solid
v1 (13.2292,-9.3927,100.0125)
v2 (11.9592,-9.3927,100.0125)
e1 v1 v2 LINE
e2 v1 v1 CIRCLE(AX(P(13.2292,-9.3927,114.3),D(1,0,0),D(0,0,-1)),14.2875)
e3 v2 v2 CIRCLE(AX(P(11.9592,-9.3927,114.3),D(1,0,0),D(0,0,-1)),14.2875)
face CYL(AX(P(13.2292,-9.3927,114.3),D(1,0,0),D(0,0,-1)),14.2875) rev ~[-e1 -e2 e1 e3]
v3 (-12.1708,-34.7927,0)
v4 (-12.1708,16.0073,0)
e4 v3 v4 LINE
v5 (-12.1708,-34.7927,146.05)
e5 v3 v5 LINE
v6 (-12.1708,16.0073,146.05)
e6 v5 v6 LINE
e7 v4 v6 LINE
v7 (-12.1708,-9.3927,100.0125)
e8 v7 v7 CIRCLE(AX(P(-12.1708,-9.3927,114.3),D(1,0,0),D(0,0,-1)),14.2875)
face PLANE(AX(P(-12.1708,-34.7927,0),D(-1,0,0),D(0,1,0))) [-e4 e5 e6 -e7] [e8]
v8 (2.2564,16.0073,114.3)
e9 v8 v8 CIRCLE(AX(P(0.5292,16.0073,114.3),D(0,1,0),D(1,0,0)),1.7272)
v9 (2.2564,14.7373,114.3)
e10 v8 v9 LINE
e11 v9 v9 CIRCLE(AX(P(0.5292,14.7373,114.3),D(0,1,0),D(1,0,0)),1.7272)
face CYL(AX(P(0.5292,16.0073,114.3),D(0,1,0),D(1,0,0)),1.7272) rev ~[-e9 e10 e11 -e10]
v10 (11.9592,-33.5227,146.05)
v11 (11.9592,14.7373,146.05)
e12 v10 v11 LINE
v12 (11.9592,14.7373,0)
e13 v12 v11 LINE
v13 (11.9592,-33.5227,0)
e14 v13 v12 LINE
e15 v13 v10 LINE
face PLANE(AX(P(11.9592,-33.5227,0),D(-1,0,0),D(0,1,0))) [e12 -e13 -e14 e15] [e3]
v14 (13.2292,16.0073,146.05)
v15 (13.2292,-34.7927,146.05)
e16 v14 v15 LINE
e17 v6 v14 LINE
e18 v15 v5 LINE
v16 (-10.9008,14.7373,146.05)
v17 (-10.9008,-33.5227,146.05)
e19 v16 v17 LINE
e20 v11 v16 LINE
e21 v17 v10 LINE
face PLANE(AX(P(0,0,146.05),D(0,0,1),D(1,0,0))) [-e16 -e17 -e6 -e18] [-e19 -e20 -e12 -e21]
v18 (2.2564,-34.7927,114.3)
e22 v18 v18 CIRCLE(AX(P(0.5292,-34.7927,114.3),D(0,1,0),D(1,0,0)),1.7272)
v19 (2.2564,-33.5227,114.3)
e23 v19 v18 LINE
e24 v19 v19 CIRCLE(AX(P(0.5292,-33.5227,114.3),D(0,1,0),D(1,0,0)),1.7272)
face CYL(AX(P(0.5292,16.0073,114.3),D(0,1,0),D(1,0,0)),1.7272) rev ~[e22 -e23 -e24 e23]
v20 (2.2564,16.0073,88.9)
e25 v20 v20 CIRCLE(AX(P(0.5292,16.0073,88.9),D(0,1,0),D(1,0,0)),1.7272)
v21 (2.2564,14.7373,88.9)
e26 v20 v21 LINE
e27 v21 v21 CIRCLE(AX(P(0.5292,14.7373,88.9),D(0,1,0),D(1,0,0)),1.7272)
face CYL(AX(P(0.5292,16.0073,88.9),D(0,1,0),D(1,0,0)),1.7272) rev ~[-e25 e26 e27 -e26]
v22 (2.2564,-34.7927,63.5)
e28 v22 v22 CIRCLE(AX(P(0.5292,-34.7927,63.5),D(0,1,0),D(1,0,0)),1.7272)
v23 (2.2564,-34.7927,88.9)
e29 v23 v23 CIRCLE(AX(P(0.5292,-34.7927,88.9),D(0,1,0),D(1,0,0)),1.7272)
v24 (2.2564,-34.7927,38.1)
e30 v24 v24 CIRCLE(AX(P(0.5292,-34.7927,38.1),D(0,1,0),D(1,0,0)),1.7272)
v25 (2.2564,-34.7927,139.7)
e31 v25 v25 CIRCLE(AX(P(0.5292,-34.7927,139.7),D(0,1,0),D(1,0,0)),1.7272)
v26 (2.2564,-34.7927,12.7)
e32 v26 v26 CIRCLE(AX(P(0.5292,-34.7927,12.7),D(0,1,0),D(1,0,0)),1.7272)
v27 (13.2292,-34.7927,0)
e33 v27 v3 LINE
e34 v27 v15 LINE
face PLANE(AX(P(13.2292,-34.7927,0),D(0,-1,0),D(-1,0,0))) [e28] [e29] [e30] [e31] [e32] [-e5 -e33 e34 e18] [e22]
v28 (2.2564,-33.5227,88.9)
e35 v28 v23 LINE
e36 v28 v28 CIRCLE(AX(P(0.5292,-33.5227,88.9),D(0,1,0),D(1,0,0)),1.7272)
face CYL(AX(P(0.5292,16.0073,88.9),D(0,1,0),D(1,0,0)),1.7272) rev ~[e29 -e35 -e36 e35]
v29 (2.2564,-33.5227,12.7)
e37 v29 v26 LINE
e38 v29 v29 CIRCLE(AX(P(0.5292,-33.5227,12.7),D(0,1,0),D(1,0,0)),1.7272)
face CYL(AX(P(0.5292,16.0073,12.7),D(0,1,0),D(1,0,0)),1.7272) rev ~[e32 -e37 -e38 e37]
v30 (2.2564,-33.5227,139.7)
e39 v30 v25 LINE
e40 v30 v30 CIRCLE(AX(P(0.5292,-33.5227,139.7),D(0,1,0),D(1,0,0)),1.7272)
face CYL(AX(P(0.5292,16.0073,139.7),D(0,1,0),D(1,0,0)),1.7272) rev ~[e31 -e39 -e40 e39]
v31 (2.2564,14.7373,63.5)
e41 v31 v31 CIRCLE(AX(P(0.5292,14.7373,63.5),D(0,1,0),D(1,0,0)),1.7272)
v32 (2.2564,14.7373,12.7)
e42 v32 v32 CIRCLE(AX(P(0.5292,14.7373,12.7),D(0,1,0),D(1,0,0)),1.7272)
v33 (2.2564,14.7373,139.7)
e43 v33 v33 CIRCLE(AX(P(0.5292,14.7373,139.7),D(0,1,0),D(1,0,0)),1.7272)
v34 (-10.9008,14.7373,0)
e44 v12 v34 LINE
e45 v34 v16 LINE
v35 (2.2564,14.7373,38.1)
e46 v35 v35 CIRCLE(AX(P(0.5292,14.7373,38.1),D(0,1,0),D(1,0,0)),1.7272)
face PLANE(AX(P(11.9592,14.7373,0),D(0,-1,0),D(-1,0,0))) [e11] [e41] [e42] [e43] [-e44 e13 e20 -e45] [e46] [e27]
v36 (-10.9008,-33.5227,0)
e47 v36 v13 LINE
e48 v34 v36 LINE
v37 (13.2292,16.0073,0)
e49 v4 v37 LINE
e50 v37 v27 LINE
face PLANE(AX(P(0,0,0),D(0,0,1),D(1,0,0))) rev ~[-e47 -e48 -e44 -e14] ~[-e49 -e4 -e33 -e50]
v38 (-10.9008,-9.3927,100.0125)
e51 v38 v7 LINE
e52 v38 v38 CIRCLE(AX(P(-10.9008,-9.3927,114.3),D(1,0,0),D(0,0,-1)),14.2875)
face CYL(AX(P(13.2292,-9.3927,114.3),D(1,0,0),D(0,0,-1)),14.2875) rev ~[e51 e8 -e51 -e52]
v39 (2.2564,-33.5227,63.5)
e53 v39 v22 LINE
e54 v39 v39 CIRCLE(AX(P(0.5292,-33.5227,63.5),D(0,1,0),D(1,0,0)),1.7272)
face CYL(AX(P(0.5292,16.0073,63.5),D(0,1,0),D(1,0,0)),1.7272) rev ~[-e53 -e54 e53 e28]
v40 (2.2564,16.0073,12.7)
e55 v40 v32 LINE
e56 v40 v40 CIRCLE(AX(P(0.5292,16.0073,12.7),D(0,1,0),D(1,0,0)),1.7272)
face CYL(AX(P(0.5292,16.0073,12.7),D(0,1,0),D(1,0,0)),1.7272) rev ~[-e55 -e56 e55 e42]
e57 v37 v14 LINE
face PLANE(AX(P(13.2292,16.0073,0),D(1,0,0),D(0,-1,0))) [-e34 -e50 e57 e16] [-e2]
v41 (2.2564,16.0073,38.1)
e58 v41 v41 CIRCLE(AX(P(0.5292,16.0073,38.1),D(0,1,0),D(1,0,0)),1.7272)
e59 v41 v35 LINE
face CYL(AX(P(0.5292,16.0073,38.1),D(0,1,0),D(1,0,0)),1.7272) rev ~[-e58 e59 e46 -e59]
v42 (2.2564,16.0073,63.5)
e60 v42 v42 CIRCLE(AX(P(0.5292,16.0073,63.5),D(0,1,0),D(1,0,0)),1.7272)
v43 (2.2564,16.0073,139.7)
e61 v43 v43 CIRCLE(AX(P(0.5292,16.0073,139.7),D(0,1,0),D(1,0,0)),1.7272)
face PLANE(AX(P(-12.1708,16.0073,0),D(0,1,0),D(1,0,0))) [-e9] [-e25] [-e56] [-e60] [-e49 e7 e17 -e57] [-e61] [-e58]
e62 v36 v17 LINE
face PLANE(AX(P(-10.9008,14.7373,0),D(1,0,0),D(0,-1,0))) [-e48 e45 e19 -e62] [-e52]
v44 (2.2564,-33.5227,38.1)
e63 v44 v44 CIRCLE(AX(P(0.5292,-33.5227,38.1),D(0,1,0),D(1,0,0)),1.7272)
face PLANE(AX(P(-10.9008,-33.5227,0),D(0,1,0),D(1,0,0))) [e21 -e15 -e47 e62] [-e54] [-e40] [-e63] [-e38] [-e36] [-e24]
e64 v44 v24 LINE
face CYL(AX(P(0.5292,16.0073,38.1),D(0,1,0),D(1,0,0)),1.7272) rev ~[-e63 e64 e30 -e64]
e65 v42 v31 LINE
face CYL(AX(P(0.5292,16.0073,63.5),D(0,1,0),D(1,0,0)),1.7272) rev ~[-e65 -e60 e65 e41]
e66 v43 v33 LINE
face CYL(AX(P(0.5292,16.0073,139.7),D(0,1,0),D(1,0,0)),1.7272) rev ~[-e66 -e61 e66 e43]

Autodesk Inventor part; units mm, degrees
ref_plane "YZ Plane" through (0, 0, 0) normal (1, 0, 0) x (0, 1, 0)
ref_plane "XZ Plane" through (0, 0, 0) normal (0, 1, 0) x (-1, 0, 0)
ref_plane "XY Plane" through (0, 0, 0) normal (0, 0, 1) x (1, 0, 0)
sketch "Sketch1" plane through (0, 0, 0) normal (0, 0, 1) x (1, 0, 0)
  line L0 (-12.1708, 16.0073) -> (13.2292, 16.0073)
  line L1 (13.2292, 16.0073) -> (13.2292, -34.7927)
  line L2 (13.2292, -34.7927) -> (-12.1708, -34.7927)
  line L3 (-12.1708, -34.7927) -> (-12.1708, 16.0073)
  line L4 (11.9592, 14.7373) -> (-10.9008, 14.7373)
  line L5 (-10.9008, 14.7373) -> (-10.9008, -33.5227)
  line L6 (-10.9008, -33.5227) -> (11.9592, -33.5227)
  line L7 (11.9592, -33.5227) -> (11.9592, 14.7373)
  point P0 (0, 0)
  dimension "d0" = 25.4
  dimension "d1" = 50.8
  dimension "d2" = 1.27
extrude "Extrusion1" add sketch "Sketch1" along normal blind 146.05
sketch "Sketch2" plane through (-12.1708, 16.0073, 0) normal (0, 1, 0) x (1, 0, 0)
  circle A0 centre (12.7, -12.7) radius 1.7272
  line L0 (25.4, 0) -> (0, 0) projected
  line L1 (0, 0) -> (0, -146.05) projected
  point P0 (12.1708, 0)
  dimension "d5" = 3.4544
  dimension "d6" = 12.7
  dimension "d7" = 12.7
extrude "Extrusion2" cut sketch "Sketch2" against normal through all
pattern_linear "Rectangular Pattern1" count 15 spacing 25.4 along (0, 0, 1) of "Extrusion2"
sketch "Sketch5" plane through (-12.1708, -34.7927, 0) normal (-1, 0, 0) x (0, 0, 1)
  line L0 (0, 50.8) -> (0, 0) projected
  line L1 (95.25, 50.8) -> (146.05, 50.8)
  line L2 (146.05, 50.8) -> (146.05, 203.2)
  line L3 (146.05, 203.2) -> (95.25, 203.2)
  line L4 (95.25, 203.2) -> (95.25, 50.8)
  circle A0 centre (120.65, 101.6) radius 14.2875
  point P0 (0, 34.7927)
  point P1 (120.65, 50.8)
  dimension "d48" = 50.8
  dimension "d49" = 152.4
  dimension "d50" = 28.575
  dimension "d51" = 50.8
sketch "Sketch6" plane through (13.2292, -34.7927, 0) normal (1, 0, 0) x (0, 0, -1)
  circle A0 centre (-114.3, 25.4) radius 14.2875
  line L0 (-146.05, 0) -> (-146.05, 50.8) projected
  point P0 (0, 34.7927)
  point P1 (-146.05, 25.4)
  dimension "d52" = 28.575
  dimension "d53" = 31.75
extrude "Extrusion5" cut sketch "Sketch6" against normal blind 50.8
equation "\"d3\" = d13"
equation "\"d10\" = d14"
equation "\"d13\" = 146.05"
equation "\"d14\" = d13"
equation "\"d32\" = 101.6"
properties part number "ElevatorPivotBar1"
